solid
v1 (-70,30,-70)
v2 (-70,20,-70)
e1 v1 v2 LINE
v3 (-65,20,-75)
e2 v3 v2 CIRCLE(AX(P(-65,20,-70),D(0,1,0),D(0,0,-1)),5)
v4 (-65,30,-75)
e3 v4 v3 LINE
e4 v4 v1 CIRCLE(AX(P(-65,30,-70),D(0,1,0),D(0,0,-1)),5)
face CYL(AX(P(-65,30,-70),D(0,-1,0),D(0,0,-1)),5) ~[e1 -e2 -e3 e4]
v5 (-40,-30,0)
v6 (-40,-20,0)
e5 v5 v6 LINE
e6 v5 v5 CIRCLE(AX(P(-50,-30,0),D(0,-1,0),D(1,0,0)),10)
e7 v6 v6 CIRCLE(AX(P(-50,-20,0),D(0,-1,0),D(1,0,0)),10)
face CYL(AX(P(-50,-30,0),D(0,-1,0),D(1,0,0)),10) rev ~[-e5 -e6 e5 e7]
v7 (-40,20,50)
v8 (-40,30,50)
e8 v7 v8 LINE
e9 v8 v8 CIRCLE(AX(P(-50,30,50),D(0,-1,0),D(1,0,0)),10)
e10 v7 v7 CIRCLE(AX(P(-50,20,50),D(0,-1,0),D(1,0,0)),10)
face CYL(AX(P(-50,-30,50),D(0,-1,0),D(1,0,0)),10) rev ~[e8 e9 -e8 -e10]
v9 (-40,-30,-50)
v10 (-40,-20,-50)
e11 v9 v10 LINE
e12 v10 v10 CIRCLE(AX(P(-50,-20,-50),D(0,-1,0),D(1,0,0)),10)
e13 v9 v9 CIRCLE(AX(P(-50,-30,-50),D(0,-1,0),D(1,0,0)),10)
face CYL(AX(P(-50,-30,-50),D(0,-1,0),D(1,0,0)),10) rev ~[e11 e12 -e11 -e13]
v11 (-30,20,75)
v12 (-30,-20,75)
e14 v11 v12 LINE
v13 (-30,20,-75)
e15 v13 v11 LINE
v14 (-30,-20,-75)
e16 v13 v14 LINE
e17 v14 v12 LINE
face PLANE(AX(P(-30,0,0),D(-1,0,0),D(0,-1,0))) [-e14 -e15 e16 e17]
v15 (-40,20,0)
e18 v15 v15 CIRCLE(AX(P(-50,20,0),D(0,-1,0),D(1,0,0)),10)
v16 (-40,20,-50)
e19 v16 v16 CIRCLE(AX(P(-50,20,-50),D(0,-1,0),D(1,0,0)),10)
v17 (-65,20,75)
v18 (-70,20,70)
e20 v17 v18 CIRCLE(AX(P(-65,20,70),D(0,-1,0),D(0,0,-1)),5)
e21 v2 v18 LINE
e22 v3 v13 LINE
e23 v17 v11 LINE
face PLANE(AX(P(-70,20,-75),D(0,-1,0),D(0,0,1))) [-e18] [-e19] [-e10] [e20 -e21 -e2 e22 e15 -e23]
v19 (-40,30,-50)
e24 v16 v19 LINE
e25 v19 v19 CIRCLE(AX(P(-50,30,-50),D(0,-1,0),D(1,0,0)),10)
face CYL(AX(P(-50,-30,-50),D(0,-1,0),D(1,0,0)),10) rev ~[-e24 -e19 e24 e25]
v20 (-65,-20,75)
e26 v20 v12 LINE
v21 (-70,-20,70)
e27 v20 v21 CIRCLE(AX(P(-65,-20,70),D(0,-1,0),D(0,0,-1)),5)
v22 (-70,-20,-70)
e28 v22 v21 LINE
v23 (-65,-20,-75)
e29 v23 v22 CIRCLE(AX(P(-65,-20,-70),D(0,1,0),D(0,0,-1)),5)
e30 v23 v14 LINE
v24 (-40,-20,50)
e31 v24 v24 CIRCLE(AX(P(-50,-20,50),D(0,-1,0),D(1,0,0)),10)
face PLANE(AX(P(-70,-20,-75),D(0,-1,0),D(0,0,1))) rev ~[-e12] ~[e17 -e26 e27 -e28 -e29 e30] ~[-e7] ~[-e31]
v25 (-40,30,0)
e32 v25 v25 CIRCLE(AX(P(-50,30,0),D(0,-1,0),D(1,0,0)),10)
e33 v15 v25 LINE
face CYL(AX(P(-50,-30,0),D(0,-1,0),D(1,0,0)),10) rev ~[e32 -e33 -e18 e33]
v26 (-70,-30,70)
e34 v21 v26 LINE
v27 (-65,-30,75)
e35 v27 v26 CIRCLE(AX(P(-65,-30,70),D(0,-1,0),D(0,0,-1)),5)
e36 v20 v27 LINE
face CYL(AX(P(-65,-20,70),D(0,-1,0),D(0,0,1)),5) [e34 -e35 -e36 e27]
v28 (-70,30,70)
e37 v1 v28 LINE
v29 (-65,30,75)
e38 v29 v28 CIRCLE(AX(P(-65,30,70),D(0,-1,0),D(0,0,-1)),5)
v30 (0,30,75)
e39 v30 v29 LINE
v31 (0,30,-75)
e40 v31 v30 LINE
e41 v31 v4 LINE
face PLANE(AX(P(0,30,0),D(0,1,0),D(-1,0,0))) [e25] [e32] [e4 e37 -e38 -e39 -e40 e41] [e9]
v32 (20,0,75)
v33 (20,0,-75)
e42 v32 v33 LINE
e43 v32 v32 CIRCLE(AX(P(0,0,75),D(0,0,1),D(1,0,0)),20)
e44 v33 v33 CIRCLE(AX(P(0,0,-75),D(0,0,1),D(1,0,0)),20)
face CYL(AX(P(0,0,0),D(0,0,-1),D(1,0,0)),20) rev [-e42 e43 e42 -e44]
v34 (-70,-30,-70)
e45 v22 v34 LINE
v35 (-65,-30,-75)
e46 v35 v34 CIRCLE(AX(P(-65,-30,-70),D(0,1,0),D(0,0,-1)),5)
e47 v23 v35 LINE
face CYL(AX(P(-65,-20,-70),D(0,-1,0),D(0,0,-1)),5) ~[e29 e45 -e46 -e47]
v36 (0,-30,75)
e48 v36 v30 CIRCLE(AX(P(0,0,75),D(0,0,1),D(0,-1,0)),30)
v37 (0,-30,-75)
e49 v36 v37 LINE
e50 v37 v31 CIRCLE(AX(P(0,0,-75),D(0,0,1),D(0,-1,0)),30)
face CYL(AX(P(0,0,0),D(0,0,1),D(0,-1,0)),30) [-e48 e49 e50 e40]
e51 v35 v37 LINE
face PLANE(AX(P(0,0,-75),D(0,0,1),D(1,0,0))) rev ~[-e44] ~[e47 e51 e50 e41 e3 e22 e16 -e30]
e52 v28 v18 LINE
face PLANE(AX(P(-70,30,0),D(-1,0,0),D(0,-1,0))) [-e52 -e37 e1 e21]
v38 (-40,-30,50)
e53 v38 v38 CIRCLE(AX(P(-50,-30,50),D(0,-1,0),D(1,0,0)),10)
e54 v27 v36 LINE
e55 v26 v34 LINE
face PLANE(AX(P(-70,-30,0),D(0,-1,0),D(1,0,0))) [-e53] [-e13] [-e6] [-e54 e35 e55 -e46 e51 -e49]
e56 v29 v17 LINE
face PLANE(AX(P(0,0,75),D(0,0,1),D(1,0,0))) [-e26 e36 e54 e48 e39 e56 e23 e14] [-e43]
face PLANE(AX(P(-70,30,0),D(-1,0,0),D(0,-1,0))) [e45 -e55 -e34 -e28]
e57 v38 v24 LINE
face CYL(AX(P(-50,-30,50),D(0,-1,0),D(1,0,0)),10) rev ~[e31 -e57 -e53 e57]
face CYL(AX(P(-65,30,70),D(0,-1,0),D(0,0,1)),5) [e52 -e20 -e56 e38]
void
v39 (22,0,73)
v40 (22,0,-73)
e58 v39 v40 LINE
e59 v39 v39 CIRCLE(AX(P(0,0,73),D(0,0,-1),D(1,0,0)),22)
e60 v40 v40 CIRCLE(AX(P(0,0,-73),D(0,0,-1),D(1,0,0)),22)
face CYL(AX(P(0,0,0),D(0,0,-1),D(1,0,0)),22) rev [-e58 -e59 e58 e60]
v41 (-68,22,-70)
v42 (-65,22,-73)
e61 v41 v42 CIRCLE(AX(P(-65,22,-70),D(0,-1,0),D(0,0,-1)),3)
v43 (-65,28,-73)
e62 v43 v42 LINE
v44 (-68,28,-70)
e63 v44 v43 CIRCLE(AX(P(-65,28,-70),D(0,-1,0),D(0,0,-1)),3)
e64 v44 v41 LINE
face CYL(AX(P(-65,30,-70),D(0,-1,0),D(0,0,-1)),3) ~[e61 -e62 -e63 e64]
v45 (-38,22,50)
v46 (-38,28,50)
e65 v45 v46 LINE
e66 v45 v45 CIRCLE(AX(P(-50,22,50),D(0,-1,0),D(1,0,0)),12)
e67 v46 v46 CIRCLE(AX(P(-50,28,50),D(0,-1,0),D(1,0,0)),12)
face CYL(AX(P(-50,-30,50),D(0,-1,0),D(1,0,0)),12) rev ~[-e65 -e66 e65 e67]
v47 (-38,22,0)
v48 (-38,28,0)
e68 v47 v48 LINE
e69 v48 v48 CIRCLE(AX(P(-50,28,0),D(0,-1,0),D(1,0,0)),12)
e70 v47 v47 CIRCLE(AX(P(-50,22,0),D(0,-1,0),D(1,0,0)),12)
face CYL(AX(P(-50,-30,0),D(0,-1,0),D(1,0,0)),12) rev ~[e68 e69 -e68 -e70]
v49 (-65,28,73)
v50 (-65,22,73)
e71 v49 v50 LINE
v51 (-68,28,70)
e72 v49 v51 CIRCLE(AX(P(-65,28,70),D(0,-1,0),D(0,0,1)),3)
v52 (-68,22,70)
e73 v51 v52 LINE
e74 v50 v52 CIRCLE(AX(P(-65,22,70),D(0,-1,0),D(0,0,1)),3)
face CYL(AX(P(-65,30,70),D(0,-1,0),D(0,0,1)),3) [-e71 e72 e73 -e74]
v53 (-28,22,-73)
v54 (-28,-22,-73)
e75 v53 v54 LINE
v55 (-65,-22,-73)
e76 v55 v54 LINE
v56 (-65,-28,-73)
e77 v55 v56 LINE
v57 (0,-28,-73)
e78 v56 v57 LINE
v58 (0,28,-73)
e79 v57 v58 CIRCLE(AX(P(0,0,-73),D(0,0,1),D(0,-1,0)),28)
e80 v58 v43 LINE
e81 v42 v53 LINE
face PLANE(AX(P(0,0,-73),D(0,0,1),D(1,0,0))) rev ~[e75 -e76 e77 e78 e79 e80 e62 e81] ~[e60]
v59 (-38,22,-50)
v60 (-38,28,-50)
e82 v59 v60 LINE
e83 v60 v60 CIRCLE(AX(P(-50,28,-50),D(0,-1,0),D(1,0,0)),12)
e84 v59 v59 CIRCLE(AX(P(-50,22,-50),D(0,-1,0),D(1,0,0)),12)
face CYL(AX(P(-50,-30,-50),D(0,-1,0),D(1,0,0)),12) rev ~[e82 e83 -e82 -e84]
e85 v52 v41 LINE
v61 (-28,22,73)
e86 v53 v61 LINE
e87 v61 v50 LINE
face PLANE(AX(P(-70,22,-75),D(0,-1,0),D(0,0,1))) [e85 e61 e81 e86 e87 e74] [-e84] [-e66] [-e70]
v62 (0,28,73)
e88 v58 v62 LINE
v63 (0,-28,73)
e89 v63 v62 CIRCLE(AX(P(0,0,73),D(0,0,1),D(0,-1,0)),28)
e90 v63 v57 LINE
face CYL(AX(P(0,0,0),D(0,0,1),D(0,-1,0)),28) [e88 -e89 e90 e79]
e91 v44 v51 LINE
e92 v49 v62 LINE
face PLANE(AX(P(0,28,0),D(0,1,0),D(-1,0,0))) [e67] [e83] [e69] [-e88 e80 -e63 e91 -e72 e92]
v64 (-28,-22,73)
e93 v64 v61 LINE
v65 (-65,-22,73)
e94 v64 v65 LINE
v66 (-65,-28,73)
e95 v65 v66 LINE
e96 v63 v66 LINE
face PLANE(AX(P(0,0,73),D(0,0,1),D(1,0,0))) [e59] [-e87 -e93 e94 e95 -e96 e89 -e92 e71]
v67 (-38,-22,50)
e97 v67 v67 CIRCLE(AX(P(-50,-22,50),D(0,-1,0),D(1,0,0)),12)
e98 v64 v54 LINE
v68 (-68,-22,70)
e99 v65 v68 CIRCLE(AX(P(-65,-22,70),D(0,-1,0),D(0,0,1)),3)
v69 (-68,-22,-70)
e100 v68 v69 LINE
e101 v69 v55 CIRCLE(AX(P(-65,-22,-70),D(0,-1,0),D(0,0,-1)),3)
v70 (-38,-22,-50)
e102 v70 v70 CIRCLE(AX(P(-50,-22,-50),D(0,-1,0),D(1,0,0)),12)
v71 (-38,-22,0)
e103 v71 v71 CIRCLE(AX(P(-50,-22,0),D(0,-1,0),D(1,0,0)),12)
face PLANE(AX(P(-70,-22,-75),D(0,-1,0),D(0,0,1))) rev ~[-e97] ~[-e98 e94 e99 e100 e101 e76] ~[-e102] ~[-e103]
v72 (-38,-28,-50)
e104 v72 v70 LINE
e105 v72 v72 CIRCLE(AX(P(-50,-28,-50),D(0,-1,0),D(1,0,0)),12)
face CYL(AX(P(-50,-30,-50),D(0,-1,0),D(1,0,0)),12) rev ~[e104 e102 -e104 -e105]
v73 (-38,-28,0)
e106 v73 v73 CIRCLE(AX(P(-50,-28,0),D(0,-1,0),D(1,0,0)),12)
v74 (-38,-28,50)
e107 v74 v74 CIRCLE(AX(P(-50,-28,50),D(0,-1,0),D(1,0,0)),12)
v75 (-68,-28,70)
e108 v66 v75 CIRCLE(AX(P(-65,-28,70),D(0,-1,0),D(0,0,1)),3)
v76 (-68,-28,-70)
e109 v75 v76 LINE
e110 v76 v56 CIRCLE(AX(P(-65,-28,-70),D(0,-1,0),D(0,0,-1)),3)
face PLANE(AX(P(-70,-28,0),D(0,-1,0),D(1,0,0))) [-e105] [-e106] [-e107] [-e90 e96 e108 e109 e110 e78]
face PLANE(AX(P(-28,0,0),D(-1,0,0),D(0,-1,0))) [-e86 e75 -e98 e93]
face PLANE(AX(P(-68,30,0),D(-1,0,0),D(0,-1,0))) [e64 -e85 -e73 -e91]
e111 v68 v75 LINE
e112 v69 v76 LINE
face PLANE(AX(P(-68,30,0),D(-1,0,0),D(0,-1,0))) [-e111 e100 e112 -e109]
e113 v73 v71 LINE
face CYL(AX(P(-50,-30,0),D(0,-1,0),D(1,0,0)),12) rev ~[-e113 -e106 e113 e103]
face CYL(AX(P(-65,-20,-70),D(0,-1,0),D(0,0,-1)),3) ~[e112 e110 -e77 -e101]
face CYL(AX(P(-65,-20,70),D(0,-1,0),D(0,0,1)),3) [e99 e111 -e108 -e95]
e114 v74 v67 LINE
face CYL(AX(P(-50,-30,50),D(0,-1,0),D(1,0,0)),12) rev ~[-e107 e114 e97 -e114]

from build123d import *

# Parameters (mm, degrees)
F0_R     = 20
F1_DEPTH = 75
F2_W     = 40
F2_H     = 150
F3_DEPTH = 40
F4_R     = 10
F5_DEPTH = 60
F6_R     = 5
F7_T     = -2


with BuildPart() as f1:
    # F0 (on Top) → F1 (new body, symmetric)
    with BuildSketch(Plane.XY):
        with BuildLine():
            ThreePointArc((30, 0), (21.2132034356, 21.2132034356), (0, 30))
            ThreePointArc((0, 30), (-30, 0), (0, -30))
            ThreePointArc((0, -30), (21.2132034356, -21.2132034356), (30, 0))
        make_face()
        Circle(F0_R, mode=Mode.SUBTRACT)
        with BuildLine():
            Line((0, 30), (-70, 30))
            Line((-70, 30), (-70, -30))
            Line((-70, -30), (0, -30))
            ThreePointArc((0, -30), (-30, 0), (0, 30))
        make_face()
    extrude(amount=F1_DEPTH, both=True)

    # F2 (on face) → F3 (cut)
    with BuildSketch(Plane(origin=(-70, 0, 0), x_dir=(0, -1, 0), z_dir=(-1, 0, 0))):
        Rectangle(F2_W, F2_H)
    extrude(amount=-F3_DEPTH, mode=Mode.SUBTRACT)

    # F4 (on face) → F5 (cut)
    with BuildSketch(Plane.XZ.offset(30)):
        with Locations((-50, 50)):
            Circle(F4_R)
        with Locations((-50, 0)):
            Circle(F4_R)
        with Locations((-50, -50)):
            Circle(F4_R)
    extrude(amount=-F5_DEPTH, mode=Mode.SUBTRACT)

    # F6
    f6_edges = [f1.edges().sort_by_distance(p)[0] for p in [
        (-70, 25, 75),
        (-70, -25, 75),
        (-70, 25, -75),
        (-70, -25, -75),
    ]]
    fillet(f6_edges, radius=F6_R)

    # F7 (hollow: no face is removed)
    offset(amount=F7_T, kind=Kind.INTERSECTION, mode=Mode.SUBTRACT)


solid = f1.part
